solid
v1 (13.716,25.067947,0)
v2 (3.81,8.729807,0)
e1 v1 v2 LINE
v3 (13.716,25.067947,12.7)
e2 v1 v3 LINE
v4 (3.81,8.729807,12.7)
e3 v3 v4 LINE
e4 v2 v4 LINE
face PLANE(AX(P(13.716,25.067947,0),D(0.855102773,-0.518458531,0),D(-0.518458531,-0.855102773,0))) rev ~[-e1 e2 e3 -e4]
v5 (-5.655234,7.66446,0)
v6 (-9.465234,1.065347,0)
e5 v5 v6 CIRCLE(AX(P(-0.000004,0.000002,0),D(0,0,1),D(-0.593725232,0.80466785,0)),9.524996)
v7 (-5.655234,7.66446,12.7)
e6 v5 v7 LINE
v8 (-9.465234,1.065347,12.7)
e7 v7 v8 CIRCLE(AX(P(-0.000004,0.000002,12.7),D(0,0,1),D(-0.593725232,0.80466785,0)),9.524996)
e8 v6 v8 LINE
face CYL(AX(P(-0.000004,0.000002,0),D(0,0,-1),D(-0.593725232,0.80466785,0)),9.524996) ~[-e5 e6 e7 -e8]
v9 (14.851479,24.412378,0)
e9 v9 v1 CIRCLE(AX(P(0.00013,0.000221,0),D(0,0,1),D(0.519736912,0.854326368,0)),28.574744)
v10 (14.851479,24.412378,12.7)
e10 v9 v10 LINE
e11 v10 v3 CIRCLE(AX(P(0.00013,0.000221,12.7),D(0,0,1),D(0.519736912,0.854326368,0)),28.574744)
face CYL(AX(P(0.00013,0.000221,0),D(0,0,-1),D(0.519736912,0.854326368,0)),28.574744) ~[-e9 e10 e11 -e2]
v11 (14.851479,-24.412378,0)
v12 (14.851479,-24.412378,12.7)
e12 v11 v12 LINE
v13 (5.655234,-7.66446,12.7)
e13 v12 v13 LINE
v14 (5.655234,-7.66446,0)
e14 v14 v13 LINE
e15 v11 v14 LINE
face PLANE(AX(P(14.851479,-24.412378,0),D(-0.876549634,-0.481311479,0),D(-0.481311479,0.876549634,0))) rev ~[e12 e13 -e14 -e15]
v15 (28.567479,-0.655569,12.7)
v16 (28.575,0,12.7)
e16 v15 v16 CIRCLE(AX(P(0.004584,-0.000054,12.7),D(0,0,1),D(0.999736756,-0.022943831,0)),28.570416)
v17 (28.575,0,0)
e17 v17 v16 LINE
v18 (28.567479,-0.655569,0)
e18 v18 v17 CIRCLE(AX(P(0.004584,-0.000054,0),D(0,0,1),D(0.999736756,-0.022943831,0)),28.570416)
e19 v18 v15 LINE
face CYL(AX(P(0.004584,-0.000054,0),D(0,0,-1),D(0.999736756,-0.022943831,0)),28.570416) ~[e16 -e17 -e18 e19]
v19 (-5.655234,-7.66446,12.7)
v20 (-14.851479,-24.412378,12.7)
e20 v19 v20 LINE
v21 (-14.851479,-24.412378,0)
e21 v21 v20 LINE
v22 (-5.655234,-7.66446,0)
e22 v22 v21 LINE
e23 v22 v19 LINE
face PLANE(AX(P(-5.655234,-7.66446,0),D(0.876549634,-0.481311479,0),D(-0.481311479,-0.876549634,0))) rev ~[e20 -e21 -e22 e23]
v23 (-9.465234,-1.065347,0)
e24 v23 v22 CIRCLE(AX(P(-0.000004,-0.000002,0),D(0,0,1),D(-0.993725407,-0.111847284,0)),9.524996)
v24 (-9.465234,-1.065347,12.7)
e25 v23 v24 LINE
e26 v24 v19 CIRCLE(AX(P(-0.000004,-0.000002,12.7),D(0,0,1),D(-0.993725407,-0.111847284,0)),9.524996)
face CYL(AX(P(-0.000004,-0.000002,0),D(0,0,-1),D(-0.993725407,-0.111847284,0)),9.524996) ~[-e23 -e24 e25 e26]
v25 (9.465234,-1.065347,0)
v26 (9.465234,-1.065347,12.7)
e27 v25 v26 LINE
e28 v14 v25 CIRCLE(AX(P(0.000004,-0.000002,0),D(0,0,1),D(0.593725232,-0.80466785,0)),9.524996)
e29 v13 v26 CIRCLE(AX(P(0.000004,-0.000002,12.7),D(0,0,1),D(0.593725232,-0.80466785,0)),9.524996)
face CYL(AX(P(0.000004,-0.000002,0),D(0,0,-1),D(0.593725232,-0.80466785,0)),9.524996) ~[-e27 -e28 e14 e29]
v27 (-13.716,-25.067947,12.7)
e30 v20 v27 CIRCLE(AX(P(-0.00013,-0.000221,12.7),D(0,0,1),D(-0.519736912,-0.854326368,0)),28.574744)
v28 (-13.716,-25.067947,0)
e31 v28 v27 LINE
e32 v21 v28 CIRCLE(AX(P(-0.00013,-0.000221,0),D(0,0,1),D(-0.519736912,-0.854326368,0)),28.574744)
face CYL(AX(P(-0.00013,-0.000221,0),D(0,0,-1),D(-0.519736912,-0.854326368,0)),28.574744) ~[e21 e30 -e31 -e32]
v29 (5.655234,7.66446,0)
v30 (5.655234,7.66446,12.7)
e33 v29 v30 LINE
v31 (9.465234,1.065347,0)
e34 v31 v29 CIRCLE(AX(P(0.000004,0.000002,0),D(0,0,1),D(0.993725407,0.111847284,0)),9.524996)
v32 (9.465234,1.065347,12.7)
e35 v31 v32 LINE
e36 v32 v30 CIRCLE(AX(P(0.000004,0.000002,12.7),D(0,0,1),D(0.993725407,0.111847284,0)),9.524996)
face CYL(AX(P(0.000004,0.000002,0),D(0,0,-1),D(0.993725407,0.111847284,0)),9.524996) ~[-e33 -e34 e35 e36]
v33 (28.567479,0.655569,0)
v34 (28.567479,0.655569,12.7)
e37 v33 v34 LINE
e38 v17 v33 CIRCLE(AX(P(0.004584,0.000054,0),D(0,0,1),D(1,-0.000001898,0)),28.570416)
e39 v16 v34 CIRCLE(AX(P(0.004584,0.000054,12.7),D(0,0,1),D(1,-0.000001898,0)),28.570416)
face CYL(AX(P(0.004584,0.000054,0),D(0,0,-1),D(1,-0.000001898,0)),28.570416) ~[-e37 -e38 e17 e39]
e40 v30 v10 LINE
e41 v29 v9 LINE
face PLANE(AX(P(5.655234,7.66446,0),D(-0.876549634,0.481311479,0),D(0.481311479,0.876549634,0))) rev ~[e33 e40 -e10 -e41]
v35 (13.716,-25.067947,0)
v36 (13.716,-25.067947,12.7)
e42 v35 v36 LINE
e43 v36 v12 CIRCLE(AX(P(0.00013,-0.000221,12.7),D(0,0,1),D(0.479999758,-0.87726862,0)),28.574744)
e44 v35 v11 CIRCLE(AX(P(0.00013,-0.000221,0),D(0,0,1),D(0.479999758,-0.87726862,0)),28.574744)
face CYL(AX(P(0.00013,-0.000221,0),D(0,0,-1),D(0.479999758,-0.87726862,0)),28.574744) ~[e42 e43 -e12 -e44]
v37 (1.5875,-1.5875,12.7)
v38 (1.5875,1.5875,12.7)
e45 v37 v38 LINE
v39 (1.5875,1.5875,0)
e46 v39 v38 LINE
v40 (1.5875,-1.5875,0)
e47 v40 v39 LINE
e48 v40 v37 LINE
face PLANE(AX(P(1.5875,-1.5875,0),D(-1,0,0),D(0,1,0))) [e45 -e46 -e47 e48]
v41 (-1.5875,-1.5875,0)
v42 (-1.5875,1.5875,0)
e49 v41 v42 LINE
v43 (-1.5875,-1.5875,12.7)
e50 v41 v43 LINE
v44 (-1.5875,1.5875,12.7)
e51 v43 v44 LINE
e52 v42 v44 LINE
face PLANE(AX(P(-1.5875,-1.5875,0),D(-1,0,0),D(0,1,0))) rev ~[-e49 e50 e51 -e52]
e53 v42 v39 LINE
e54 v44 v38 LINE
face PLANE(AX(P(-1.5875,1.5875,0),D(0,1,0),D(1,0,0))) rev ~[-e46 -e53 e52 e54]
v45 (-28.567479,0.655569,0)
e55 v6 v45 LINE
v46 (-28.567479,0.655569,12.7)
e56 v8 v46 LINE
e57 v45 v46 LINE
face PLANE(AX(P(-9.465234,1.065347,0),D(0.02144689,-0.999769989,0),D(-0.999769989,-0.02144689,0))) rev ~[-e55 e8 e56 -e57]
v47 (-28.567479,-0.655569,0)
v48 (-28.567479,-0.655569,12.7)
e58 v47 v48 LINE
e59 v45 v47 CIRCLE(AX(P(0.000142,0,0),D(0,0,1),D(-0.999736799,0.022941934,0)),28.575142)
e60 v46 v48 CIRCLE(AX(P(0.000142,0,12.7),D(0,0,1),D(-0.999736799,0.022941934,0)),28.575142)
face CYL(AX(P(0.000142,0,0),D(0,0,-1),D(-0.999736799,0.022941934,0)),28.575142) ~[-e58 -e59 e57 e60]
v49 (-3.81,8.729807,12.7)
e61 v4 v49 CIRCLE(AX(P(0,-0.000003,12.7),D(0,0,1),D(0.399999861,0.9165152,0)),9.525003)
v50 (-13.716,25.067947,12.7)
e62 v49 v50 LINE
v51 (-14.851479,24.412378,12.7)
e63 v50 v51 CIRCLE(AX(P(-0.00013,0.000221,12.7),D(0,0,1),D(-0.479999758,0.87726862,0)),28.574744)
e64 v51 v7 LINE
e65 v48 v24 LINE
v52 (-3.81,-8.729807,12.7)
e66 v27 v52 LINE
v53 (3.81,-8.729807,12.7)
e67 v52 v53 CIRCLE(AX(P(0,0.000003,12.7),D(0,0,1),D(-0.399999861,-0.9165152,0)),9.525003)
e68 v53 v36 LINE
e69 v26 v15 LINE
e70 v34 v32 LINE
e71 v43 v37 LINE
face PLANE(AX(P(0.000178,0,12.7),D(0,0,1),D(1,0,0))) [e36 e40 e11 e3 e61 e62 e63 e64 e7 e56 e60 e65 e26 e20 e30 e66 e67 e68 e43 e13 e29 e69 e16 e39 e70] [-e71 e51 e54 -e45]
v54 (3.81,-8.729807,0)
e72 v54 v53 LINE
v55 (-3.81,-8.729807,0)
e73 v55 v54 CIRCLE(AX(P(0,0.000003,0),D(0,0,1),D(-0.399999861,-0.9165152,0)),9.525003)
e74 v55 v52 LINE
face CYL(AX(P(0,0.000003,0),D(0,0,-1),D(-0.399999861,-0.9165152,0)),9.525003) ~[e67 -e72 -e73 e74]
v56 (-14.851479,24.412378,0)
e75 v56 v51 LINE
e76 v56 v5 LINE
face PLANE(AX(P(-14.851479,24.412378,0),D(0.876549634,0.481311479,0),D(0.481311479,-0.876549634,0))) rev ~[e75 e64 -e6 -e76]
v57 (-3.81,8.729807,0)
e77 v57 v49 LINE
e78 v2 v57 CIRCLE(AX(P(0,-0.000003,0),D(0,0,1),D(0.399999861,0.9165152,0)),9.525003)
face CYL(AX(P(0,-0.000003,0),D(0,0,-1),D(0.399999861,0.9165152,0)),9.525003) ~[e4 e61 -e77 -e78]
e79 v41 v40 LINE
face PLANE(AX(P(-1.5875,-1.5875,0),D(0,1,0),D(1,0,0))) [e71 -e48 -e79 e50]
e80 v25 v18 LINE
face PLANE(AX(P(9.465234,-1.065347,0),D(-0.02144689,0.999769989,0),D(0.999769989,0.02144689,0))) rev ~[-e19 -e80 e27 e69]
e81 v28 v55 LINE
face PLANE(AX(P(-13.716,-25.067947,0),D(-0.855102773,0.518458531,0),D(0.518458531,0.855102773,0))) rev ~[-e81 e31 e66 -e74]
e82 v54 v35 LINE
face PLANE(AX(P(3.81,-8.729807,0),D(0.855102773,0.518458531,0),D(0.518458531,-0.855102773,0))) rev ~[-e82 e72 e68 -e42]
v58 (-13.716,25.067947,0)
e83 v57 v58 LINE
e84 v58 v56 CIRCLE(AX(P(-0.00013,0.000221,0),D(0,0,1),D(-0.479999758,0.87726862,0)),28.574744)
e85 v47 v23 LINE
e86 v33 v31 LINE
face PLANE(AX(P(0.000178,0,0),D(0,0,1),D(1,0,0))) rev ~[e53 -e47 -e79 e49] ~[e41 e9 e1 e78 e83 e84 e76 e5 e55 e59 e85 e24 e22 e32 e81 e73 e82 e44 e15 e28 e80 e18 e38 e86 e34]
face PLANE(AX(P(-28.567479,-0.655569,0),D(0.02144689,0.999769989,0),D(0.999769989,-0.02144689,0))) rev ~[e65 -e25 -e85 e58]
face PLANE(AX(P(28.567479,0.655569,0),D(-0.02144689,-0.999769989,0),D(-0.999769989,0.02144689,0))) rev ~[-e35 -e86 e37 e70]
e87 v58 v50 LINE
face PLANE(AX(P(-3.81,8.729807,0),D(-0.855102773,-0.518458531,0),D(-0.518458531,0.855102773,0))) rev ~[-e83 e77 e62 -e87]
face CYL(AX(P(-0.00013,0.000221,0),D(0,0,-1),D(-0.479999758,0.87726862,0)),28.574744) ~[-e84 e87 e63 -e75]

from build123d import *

# Parameters (mm, degrees)
F0_W     = 3.175
F0_H     = 3.175
F1_DEPTH = 12.7


with BuildPart() as f1:
    # F0 (on Top) → F1 (new body)
    with BuildSketch(Plane.XY):
        with BuildLine():
            ThreePointArc((9.525, 0), (9.510047, 0.533511), (9.465234, 1.065347))
            ThreePointArc((9.465234, 1.065347), (8.248892, 4.7625), (5.655234, 7.66446))
            ThreePointArc((5.655234, 7.66446), (4.7625, 8.248892), (3.81, 8.729807))
            ThreePointArc((3.81, 8.729807), (0, 9.525), (-3.81, 8.729807))
            ThreePointArc((-3.81, 8.729807), (-4.7625, 8.248892), (-5.655234, 7.66446))
            ThreePointArc((-5.655234, 7.66446), (-8.248892, 4.7625), (-9.465234, 1.065347))
            ThreePointArc((-9.465234, 1.065347), (-9.525, 0), (-9.465234, -1.065347))
            ThreePointArc((-9.465234, -1.065347), (-8.248892, -4.7625), (-5.655234, -7.66446))
            ThreePointArc((-5.655234, -7.66446), (-4.7625, -8.248892), (-3.81, -8.729807))
            ThreePointArc((-3.81, -8.729807), (0, -9.525), (3.81, -8.729807))
            ThreePointArc((3.81, -8.729807), (4.7625, -8.248892), (5.655234, -7.66446))
            ThreePointArc((5.655234, -7.66446), (8.248892, -4.7625), (9.465234, -1.065347))
            ThreePointArc((9.465234, -1.065347), (9.510047, -0.533511), (9.525, 0))
        make_face()
        Rectangle(F0_W, F0_H, mode=Mode.SUBTRACT)
        with BuildLine():
            Line((-9.465234, 1.065347), (-28.567479, 0.655569))
            ThreePointArc((-28.567479, 0.655569), (-28.575, 0), (-28.567479, -0.655569))
            Line((-28.567479, -0.655569), (-9.465234, -1.065347))
            ThreePointArc((-9.465234, -1.065347), (-9.525, 0), (-9.465234, 1.065347))
        make_face()
        with BuildLine():
            Line((-3.81, 8.729807), (-13.716, 25.067947))
            ThreePointArc((-13.716, 25.067947), (-14.2875, 24.746676), (-14.851479, 24.412378))
            Line((-14.851479, 24.412378), (-5.655234, 7.66446))
            ThreePointArc((-5.655234, 7.66446), (-4.7625, 8.248892), (-3.81, 8.729807))
        make_face()
        with BuildLine():
            Line((5.655234, 7.66446), (14.851479, 24.412378))
            ThreePointArc((14.851479, 24.412378), (14.2875, 24.746676), (13.716, 25.067947))
            Line((13.716, 25.067947), (3.81, 8.729807))
            ThreePointArc((3.81, 8.729807), (4.7625, 8.248892), (5.655234, 7.66446))
        make_face()
        with BuildLine():
            ThreePointArc((28.567479, -0.655569), (28.57312, -0.327806), (28.575, 0))
            ThreePointArc((28.575, 0), (28.57312, 0.327806), (28.567479, 0.655569))
            Line((28.567479, 0.655569), (9.465234, 1.065347))
            ThreePointArc((9.465234, 1.065347), (9.510047, 0.533511), (9.525, 0))
            ThreePointArc((9.525, 0), (9.510047, -0.533511), (9.465234, -1.065347))
            Line((9.465234, -1.065347), (28.567479, -0.655569))
        make_face()
        with BuildLine():
            ThreePointArc((13.716, -25.067947), (14.2875, -24.746676), (14.851479, -24.412378))
            Line((14.851479, -24.412378), (5.655234, -7.66446))
            ThreePointArc((5.655234, -7.66446), (4.7625, -8.248892), (3.81, -8.729807))
            Line((3.81, -8.729807), (13.716, -25.067947))
        make_face()
        with BuildLine():
            ThreePointArc((-14.851479, -24.412378), (-14.2875, -24.746676), (-13.716, -25.067947))
            Line((-13.716, -25.067947), (-3.81, -8.729807))
            ThreePointArc((-3.81, -8.729807), (-4.7625, -8.248892), (-5.655234, -7.66446))
            Line((-5.655234, -7.66446), (-14.851479, -24.412378))
        make_face()
    extrude(amount=F1_DEPTH)


solid = f1.part
